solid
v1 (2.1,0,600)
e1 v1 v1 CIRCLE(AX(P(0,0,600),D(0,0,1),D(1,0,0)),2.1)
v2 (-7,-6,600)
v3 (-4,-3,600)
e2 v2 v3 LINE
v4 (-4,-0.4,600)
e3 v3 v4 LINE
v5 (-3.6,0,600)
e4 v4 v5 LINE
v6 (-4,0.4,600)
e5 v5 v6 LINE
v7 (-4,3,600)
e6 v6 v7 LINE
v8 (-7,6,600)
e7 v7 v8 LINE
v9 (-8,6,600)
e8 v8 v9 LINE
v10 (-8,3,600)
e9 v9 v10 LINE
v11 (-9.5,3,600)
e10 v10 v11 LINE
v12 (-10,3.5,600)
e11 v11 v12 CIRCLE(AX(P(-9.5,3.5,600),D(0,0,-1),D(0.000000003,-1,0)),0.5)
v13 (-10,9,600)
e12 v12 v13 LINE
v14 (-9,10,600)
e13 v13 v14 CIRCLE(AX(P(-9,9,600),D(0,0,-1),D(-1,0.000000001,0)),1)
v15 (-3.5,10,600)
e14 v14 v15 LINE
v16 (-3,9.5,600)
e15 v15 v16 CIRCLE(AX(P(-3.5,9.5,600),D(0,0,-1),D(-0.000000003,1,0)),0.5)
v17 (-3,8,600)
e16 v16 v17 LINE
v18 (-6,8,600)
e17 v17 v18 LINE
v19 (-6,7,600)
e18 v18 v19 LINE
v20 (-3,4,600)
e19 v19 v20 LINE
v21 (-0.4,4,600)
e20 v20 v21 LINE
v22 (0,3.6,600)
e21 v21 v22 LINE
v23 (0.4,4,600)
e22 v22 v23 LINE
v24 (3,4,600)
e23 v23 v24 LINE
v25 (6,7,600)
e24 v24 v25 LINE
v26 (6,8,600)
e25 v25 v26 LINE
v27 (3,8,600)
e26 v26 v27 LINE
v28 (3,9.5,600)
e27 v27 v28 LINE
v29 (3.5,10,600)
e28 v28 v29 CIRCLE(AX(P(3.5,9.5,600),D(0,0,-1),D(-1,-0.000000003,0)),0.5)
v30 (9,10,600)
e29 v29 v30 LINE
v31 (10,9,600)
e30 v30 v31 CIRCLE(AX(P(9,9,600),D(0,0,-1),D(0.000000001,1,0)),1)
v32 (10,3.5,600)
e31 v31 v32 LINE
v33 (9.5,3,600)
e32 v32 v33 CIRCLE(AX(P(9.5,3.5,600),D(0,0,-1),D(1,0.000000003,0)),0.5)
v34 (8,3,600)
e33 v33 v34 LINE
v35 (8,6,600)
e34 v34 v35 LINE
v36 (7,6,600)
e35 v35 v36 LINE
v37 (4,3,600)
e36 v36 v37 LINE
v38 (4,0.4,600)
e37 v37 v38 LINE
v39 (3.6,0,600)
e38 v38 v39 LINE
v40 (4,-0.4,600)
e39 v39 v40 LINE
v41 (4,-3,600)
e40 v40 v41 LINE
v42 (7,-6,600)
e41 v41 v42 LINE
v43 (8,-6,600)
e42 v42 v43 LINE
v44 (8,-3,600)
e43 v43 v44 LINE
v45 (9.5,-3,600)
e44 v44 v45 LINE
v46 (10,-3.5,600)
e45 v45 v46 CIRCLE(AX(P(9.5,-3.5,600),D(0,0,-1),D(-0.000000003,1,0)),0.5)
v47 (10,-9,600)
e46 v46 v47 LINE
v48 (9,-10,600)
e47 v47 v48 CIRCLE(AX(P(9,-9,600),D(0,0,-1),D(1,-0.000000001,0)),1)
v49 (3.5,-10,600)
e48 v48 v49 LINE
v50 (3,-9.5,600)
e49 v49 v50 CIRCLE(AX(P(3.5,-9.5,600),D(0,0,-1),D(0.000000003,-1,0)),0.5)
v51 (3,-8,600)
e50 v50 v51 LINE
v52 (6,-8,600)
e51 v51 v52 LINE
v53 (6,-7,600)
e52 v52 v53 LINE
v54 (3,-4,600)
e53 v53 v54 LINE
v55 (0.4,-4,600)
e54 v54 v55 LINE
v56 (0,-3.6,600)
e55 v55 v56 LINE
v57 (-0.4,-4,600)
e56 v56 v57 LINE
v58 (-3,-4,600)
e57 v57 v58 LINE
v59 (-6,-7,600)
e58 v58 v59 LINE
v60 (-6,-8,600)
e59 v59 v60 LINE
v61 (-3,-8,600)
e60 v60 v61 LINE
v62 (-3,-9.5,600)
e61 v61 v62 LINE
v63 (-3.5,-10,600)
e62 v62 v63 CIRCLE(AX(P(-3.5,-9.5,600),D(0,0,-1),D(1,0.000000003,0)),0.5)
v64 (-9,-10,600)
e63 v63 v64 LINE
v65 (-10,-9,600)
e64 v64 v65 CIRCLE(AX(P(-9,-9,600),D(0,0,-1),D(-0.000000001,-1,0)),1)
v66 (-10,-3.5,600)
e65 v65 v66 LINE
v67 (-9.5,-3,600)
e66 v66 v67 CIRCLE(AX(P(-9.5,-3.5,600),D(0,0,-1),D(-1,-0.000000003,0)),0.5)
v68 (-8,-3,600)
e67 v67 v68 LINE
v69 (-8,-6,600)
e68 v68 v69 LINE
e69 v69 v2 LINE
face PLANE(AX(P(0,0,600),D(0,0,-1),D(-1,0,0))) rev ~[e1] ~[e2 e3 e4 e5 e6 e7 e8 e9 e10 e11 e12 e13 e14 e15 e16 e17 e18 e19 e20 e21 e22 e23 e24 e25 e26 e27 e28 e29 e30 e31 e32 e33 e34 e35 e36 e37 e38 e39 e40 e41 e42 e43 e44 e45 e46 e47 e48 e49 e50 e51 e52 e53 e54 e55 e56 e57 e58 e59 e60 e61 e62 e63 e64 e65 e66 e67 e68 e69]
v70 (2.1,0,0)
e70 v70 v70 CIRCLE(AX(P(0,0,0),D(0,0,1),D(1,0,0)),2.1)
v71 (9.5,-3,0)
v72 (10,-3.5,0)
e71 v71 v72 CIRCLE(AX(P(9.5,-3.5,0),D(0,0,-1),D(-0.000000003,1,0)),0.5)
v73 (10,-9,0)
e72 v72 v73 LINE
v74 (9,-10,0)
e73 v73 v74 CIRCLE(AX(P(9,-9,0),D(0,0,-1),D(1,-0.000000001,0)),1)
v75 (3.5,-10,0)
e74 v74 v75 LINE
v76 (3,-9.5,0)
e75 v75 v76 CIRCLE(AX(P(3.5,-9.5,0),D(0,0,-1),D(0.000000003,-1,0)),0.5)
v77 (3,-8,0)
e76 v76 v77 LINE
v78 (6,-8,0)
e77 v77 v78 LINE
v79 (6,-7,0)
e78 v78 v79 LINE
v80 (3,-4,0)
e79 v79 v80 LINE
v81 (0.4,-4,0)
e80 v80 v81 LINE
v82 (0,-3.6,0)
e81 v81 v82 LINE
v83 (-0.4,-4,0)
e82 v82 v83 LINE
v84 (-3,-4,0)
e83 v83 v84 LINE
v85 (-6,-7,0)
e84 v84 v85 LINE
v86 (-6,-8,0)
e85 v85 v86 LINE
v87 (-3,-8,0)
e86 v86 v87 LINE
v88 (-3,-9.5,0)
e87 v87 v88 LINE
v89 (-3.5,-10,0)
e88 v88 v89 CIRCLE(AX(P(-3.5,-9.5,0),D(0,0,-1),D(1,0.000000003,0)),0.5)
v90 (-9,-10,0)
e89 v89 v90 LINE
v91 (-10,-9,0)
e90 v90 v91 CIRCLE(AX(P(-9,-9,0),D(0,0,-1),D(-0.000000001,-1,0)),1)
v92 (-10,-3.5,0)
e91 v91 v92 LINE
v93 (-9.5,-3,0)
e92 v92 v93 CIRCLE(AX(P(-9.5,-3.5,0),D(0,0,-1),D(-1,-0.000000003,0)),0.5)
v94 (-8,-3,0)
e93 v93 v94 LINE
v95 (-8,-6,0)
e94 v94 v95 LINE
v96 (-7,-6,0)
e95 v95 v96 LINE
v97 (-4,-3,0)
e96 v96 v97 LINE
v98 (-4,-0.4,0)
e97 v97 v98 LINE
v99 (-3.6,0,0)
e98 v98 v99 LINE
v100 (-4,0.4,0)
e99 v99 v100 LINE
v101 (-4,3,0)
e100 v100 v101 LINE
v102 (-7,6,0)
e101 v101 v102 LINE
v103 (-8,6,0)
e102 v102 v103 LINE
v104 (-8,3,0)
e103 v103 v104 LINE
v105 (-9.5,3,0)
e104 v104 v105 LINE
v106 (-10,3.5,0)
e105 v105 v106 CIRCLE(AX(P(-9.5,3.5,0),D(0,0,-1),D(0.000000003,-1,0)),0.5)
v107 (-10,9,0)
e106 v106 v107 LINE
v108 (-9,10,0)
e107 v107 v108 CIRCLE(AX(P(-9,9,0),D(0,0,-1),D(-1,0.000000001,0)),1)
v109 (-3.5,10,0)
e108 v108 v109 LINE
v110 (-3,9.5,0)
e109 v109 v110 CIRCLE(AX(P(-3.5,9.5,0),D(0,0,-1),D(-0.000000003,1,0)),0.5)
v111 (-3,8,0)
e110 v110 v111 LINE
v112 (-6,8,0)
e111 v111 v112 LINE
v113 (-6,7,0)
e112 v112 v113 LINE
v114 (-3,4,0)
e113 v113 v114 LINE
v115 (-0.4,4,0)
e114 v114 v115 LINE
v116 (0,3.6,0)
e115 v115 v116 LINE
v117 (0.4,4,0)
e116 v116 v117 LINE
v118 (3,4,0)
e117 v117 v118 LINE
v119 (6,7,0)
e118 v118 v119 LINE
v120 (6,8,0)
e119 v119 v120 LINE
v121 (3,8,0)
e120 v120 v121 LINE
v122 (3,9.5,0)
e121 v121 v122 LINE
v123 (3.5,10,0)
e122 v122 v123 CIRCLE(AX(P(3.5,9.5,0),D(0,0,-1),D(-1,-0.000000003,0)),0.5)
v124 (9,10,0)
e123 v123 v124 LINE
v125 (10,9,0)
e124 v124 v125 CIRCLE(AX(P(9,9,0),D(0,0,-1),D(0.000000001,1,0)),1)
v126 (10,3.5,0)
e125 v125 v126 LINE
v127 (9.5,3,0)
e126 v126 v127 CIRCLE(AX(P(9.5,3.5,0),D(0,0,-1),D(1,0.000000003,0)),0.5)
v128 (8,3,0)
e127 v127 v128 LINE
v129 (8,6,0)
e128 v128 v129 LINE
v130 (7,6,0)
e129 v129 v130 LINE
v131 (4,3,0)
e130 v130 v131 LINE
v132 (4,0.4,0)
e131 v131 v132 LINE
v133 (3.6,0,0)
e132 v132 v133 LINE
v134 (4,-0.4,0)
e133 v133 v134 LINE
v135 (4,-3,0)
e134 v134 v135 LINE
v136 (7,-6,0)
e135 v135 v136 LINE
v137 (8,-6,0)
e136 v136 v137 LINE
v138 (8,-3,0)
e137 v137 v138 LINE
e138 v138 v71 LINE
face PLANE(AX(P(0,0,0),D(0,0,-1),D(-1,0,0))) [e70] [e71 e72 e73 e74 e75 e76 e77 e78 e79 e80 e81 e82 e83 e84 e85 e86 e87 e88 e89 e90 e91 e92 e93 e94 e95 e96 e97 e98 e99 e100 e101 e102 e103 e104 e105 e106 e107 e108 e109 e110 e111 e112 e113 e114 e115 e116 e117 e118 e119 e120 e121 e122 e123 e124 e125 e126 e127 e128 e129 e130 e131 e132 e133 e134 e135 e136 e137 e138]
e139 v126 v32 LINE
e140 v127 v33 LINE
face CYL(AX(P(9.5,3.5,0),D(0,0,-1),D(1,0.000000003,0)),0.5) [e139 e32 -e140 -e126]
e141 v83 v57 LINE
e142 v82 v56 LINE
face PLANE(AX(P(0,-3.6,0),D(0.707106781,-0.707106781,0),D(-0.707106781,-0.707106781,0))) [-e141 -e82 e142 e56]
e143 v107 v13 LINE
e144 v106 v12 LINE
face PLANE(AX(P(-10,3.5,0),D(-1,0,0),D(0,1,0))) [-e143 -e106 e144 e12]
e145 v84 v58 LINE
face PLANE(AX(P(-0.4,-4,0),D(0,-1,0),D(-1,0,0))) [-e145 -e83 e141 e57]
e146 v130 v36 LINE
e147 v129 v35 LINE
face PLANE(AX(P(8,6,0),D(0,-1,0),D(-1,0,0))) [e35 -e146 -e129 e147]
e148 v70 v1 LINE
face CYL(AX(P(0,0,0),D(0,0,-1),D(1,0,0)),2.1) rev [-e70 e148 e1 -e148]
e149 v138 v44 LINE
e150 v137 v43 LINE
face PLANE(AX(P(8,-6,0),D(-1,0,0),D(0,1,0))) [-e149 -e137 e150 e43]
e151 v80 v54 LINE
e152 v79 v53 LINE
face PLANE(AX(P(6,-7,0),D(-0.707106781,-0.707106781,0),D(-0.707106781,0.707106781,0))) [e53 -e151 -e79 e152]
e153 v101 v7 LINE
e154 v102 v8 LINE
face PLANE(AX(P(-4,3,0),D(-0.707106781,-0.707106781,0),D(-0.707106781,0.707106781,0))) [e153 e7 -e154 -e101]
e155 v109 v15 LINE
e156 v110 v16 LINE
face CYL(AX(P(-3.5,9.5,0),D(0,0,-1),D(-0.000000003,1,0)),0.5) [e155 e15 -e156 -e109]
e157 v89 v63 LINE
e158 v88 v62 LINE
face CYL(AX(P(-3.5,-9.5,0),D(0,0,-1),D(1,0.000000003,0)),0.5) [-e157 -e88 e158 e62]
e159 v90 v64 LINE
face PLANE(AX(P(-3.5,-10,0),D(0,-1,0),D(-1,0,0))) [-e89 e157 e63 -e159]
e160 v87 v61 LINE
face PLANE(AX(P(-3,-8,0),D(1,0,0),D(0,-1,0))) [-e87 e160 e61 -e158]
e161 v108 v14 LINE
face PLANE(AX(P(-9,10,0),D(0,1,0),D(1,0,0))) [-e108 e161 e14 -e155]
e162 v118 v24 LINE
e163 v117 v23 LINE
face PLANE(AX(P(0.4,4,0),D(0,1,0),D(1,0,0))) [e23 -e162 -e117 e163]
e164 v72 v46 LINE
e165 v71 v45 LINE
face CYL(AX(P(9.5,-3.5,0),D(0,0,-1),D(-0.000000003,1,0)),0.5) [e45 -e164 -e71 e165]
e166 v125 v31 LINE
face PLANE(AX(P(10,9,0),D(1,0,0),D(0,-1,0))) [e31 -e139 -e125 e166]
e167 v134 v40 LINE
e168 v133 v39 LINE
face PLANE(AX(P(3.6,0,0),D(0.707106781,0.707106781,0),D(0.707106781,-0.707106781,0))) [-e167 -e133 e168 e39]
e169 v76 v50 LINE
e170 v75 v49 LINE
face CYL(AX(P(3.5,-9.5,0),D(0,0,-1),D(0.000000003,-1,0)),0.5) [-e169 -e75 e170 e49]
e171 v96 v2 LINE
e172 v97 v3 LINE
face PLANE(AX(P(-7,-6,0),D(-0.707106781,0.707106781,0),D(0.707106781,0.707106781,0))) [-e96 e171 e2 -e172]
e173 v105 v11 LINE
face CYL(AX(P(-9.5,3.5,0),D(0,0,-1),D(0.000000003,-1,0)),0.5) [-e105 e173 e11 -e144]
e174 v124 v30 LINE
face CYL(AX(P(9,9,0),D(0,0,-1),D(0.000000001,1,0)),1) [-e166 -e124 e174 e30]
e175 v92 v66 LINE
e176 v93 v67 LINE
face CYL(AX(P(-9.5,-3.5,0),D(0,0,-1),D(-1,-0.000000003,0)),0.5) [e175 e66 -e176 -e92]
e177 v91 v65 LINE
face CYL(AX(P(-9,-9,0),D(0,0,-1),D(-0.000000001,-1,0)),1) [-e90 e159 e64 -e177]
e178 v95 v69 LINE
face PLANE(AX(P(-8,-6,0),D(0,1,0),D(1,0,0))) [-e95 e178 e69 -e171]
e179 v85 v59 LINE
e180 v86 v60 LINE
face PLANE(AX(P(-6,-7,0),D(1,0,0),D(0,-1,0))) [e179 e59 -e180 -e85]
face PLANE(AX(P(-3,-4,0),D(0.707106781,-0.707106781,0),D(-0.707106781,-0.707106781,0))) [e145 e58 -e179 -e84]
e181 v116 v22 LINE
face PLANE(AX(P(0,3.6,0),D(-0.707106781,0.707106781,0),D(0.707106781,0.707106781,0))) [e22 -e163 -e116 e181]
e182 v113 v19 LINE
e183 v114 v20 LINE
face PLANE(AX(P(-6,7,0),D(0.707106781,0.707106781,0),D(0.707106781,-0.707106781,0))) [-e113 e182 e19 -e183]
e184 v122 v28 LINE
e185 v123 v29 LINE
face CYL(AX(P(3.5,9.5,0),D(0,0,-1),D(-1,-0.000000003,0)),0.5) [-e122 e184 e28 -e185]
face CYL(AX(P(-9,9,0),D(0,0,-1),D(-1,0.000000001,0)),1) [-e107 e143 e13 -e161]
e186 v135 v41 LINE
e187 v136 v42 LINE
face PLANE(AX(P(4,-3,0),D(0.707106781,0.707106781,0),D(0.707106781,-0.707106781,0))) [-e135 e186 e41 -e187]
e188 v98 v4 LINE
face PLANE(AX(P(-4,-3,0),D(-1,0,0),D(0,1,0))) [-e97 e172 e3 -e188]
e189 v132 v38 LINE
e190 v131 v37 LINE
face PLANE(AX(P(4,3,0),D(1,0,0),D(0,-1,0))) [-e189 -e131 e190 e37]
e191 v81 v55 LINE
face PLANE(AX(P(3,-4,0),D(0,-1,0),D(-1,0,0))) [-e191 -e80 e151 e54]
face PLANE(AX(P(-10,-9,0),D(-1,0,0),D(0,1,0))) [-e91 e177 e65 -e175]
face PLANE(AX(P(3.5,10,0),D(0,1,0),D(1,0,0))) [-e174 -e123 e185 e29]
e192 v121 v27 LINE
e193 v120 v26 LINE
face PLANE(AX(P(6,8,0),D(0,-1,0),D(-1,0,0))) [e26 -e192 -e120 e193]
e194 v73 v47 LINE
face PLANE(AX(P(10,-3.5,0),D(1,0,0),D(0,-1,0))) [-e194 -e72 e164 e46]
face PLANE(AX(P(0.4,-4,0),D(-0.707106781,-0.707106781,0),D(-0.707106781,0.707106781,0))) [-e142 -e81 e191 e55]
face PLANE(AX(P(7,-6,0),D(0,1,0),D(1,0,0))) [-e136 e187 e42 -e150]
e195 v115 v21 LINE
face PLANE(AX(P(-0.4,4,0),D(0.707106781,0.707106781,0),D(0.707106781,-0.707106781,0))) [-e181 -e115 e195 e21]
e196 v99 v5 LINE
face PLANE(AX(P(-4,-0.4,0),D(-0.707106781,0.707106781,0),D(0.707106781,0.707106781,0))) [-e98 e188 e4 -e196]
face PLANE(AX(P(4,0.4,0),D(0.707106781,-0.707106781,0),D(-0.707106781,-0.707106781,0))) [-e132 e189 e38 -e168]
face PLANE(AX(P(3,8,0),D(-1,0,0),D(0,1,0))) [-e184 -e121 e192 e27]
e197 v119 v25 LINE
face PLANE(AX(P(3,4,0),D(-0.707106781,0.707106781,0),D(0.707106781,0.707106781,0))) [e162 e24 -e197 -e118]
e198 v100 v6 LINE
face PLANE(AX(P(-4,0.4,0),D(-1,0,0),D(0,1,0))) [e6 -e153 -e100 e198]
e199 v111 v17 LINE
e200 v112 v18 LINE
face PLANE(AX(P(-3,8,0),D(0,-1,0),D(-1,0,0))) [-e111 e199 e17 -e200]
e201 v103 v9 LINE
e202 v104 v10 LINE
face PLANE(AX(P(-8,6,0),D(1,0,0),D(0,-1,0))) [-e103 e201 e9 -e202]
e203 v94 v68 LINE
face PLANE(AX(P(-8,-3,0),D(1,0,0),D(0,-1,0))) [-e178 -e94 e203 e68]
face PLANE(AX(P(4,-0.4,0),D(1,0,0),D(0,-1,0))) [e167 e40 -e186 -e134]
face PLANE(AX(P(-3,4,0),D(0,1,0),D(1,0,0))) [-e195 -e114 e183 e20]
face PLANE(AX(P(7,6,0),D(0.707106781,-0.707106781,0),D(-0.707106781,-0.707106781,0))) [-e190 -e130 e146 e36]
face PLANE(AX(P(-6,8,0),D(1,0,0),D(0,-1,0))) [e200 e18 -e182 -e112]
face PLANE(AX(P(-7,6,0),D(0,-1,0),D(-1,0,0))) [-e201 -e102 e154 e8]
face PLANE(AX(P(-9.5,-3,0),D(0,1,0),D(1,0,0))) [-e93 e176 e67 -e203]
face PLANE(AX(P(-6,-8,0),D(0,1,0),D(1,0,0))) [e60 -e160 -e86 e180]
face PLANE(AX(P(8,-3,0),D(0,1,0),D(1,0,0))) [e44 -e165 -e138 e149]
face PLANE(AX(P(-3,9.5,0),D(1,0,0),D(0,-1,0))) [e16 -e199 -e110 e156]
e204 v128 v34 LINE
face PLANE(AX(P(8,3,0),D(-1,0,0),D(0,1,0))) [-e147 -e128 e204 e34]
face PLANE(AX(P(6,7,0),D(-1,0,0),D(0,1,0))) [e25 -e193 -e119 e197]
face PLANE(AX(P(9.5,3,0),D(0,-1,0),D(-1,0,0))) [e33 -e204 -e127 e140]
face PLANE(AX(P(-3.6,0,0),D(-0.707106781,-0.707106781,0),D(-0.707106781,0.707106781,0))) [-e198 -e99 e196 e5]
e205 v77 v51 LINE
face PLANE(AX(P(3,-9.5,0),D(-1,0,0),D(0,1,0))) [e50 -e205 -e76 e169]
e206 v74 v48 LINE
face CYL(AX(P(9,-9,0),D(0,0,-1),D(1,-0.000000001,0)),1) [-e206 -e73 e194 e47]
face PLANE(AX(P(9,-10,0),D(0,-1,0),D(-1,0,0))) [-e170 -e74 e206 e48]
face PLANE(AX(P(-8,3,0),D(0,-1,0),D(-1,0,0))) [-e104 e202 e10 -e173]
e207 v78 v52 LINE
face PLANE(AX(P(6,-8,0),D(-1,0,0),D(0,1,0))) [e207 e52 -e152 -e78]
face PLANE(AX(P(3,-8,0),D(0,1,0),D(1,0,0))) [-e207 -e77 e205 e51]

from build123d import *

# Parameters (mm, degrees)
SCHIZZO1_R                   = 2.1
ESTRUSIONE_ESTRUSIONE1_DEPTH = 600


with BuildPart() as part:
    # Schizzo1 → Estrusione-Estrusione1 (new body)
    with BuildSketch(Plane.XY):
        with BuildLine():
            Line((-3.6, 0), (-4, 0.4))
            Line((-4, 0.4), (-4, 3))
            Line((-4, 3), (-7, 6))
            Line((-7, 6), (-8, 6))
            Line((-8, 6), (-8, 3))
            Line((-8, 3), (-9.5, 3))
            ThreePointArc((-9.5, 3), (-9.853553391, 3.146446609), (-10, 3.5))
            Line((-10, 3.5), (-10, 9))
            ThreePointArc((-10, 9), (-9.707106781, 9.707106781), (-9, 10))
            Line((-9, 10), (-3.5, 10))
            ThreePointArc((-3.5, 10), (-3.146446609, 9.853553391), (-3, 9.5))
            Line((-3, 9.5), (-3, 8))
            Line((-3, 8), (-6, 8))
            Line((-6, 8), (-6, 7))
            Line((-6, 7), (-3, 4))
            Line((-3, 4), (-0.4, 4))
            Line((-0.4, 4), (0, 3.6))
            Line((0, 3.6), (0.4, 4))
            Line((0.4, 4), (3, 4))
            Line((3, 4), (6, 7))
            Line((6, 7), (6, 8))
            Line((6, 8), (3, 8))
            Line((3, 8), (3, 9.5))
            ThreePointArc((3, 9.5), (3.146446609, 9.853553391), (3.5, 10))
            Line((3.5, 10), (9, 10))
            ThreePointArc((9, 10), (9.707106781, 9.707106781), (10, 9))
            Line((10, 9), (10, 3.5))
            ThreePointArc((10, 3.5), (9.853553391, 3.146446609), (9.5, 3))
            Line((9.5, 3), (8, 3))
            Line((8, 3), (8, 6))
            Line((8, 6), (7, 6))
            Line((7, 6), (4, 3))
            Line((4, 3), (4, 0.4))
            Line((4, 0.4), (3.6, 0))
            Line((3.6, 0), (4, -0.4))
            Line((4, -0.4), (4, -3))
            Line((4, -3), (7, -6))
            Line((7, -6), (8, -6))
            Line((8, -6), (8, -3))
            Line((8, -3), (9.5, -3))
            ThreePointArc((9.5, -3), (9.853553391, -3.146446609), (10, -3.5))
            Line((10, -3.5), (10, -9))
            ThreePointArc((10, -9), (9.707106781, -9.707106781), (9, -10))
            Line((9, -10), (3.5, -10))
            ThreePointArc((3.5, -10), (3.146446609, -9.853553391), (3, -9.5))
            Line((3, -9.5), (3, -8))
            Line((3, -8), (6, -8))
            Line((6, -8), (6, -7))
            Line((6, -7), (3, -4))
            Line((3, -4), (0.4, -4))
            Line((0.4, -4), (0, -3.6))
            Line((0, -3.6), (-0.4, -4))
            Line((-0.4, -4), (-3, -4))
            Line((-3, -4), (-6, -7))
            Line((-6, -7), (-6, -8))
            Line((-6, -8), (-3, -8))
            Line((-3, -8), (-3, -9.5))
            ThreePointArc((-3, -9.5), (-3.146446609, -9.853553391), (-3.5, -10))
            Line((-3.5, -10), (-9, -10))
            ThreePointArc((-9, -10), (-9.707106781, -9.707106781), (-10, -9))
            Line((-10, -9), (-10, -3.5))
            ThreePointArc((-10, -3.5), (-9.853553391, -3.146446609), (-9.5, -3))
            Line((-9.5, -3), (-8, -3))
            Line((-8, -3), (-8, -6))
            Line((-8, -6), (-7, -6))
            Line((-7, -6), (-4, -3))
            Line((-4, -3), (-4, -0.4))
            Line((-4, -0.4), (-3.6, 0))
        make_face()
        Circle(SCHIZZO1_R, mode=Mode.SUBTRACT)
    extrude(amount=ESTRUSIONE_ESTRUSIONE1_DEPTH)


solid = part.part
